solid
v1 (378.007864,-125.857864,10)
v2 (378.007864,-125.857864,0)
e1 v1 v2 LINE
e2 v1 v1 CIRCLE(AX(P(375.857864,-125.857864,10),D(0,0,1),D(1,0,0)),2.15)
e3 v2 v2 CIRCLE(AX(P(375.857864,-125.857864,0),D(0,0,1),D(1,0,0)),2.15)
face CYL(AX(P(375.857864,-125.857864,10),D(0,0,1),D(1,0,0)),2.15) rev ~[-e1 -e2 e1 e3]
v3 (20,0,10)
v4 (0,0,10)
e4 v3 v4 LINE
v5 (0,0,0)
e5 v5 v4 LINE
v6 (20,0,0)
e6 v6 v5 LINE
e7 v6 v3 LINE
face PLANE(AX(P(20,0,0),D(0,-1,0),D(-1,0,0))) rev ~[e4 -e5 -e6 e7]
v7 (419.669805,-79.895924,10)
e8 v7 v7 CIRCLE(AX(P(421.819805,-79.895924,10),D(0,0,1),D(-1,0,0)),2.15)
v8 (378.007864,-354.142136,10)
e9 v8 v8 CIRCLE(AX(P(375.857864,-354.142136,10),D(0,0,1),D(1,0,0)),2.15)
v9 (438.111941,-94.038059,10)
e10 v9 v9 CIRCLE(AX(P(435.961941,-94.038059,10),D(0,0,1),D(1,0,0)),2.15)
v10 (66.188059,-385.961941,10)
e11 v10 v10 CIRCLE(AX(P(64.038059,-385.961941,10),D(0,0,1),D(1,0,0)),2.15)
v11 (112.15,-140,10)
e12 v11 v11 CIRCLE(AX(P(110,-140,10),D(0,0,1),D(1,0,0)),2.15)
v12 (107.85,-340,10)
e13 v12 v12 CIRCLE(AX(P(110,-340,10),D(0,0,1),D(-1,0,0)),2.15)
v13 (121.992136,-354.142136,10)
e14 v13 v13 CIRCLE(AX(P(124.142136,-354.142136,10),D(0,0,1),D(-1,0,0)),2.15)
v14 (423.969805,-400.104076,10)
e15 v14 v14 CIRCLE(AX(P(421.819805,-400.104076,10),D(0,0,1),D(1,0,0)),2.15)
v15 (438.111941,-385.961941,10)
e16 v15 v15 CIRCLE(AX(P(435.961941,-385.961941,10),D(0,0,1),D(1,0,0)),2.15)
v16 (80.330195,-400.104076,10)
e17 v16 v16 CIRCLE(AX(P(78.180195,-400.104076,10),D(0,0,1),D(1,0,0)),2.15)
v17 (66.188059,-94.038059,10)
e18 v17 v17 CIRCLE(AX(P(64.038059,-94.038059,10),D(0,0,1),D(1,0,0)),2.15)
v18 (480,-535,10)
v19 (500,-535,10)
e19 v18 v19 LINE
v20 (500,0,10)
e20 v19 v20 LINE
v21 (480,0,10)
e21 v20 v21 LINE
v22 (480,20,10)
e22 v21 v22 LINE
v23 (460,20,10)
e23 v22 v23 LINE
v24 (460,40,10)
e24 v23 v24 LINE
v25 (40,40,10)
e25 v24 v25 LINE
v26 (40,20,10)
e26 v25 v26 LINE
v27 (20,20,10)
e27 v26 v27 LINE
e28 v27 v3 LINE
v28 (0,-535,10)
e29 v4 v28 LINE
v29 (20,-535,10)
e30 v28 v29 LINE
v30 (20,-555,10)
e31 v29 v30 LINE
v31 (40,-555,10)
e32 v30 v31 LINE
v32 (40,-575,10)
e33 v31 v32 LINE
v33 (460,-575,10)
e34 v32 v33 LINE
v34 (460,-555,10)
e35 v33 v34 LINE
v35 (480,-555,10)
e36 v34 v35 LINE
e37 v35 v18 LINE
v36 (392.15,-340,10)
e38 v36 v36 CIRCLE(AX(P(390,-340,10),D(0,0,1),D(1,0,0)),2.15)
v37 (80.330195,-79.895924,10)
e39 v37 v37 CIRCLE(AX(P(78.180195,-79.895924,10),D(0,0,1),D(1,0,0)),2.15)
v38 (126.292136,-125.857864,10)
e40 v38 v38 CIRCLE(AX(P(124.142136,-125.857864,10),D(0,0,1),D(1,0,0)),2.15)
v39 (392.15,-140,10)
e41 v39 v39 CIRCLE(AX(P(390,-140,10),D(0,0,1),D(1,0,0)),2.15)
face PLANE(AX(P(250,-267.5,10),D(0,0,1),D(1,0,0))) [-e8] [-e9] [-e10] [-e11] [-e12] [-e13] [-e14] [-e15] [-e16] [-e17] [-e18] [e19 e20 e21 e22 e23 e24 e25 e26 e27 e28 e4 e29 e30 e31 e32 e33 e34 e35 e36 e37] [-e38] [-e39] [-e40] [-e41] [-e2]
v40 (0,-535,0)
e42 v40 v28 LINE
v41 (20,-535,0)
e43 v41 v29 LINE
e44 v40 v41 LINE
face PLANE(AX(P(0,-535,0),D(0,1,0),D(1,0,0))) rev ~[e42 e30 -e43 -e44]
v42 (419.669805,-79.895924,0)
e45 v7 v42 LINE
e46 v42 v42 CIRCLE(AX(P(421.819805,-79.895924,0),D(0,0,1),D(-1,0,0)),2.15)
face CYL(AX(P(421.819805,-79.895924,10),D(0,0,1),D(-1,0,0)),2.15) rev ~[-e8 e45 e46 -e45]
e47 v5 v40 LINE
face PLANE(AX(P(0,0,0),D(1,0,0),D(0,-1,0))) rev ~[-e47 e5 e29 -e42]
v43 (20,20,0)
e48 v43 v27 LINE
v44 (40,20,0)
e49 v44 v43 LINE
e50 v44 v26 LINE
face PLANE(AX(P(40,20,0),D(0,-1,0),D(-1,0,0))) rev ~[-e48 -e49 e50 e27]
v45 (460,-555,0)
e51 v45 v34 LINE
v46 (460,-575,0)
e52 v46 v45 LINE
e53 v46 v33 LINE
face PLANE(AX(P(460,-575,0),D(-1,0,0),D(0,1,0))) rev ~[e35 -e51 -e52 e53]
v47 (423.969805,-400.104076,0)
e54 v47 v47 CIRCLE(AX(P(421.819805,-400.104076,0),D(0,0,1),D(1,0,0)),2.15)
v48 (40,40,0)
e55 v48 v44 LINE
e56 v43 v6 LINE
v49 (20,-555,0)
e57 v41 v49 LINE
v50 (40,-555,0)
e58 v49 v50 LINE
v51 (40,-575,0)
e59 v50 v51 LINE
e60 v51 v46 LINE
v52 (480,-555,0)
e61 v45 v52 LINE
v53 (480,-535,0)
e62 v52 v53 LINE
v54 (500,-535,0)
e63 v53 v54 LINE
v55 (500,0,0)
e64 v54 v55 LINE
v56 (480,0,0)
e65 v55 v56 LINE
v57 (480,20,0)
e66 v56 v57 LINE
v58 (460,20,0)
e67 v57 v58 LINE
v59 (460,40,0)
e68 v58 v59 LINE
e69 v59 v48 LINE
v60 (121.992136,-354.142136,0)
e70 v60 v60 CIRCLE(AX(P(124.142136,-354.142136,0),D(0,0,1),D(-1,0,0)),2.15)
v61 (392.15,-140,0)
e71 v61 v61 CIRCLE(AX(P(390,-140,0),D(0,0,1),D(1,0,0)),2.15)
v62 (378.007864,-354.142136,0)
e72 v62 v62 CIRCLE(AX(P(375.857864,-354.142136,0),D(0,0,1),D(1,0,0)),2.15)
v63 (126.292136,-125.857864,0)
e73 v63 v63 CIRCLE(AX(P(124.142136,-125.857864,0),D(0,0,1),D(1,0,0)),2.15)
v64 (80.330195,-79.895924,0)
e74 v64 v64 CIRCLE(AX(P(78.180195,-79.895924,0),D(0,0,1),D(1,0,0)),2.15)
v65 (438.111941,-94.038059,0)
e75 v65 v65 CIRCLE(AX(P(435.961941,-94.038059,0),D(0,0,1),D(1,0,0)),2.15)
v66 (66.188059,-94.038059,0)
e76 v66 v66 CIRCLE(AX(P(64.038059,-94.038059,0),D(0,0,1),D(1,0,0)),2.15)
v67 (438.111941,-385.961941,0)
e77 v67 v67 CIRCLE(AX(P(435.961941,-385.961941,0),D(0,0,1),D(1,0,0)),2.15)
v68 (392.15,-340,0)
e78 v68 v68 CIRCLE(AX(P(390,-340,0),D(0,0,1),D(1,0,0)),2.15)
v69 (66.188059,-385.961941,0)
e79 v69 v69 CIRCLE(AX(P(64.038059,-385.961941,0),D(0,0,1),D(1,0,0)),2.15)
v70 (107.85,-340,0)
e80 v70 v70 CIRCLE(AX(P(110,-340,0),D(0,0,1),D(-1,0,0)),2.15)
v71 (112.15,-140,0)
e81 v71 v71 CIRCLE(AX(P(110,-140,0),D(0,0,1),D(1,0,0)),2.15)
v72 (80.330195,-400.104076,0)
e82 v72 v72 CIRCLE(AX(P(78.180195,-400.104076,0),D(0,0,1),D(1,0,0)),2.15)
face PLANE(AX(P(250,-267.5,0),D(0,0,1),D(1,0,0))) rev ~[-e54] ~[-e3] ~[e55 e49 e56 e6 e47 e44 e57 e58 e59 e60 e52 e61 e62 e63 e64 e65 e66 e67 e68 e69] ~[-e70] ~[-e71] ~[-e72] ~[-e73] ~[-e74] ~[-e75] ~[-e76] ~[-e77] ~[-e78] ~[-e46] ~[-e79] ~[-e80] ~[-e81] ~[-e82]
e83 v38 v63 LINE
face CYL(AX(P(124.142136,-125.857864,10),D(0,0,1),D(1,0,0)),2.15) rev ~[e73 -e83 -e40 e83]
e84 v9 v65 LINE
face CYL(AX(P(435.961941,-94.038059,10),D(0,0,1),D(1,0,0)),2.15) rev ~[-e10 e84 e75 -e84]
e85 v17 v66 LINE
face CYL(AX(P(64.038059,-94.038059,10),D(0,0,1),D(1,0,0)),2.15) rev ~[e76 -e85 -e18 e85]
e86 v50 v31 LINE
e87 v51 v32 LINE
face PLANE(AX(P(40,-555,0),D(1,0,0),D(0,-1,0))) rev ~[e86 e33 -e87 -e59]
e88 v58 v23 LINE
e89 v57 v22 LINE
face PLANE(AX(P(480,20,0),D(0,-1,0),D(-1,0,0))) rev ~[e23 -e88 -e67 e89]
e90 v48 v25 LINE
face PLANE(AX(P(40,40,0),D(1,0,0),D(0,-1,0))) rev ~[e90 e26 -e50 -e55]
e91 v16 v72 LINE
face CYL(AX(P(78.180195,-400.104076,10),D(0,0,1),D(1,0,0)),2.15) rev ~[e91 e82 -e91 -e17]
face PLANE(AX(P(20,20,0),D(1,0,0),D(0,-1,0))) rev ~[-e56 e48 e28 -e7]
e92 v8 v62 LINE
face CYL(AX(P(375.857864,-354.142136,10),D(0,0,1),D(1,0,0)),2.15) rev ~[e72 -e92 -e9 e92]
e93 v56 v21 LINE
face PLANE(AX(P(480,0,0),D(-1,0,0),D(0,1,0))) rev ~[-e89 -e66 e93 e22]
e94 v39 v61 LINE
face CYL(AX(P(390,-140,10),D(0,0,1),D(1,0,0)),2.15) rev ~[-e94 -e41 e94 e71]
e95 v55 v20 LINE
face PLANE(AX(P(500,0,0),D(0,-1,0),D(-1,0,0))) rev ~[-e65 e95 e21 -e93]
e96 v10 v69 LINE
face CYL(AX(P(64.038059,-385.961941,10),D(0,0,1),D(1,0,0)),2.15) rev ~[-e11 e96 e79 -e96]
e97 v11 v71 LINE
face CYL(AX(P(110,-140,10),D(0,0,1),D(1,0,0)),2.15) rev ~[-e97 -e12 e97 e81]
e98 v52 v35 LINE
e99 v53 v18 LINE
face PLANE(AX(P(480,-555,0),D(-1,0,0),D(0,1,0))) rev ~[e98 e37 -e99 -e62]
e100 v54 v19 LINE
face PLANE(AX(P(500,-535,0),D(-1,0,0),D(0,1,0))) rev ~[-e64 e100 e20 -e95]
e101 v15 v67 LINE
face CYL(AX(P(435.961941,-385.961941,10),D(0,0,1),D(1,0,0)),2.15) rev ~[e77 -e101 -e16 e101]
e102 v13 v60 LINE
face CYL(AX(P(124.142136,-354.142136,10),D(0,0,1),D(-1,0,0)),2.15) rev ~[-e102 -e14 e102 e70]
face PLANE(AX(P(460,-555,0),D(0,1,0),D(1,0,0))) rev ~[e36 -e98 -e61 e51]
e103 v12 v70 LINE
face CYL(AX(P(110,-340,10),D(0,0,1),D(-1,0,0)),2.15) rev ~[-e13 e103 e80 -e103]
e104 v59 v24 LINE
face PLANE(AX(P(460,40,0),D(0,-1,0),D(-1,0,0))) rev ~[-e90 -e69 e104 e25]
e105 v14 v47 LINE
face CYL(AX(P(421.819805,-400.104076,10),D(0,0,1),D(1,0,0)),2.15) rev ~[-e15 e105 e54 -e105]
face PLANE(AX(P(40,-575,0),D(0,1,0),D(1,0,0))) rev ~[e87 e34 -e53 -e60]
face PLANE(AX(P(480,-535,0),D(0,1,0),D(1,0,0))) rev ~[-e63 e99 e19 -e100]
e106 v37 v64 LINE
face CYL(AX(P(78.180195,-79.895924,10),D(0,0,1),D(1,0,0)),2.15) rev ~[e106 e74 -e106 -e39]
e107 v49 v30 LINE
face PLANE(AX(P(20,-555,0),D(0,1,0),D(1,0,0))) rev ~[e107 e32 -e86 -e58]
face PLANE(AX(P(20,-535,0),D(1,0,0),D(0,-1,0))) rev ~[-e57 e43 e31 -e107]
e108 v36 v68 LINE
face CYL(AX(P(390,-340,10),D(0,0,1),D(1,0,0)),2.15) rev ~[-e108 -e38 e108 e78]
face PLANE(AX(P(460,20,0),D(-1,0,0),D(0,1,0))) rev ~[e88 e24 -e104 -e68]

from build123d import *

# Parameters (mm, degrees)
EXTRUDE_1_DEPTH     = 10
SKETCH_2_R          = 2.15
CUT_EXTRUDE_1_DEPTH = 10


with BuildPart() as part:
    # 草图1 → 凸台-拉伸1 (new body)
    with BuildSketch(Plane.XY):
        Polygon((0, 0), (0, -535), (20, -535), (20, -555), (40, -555), (40, -575), (460, -575), (460, -555), (480, -555), (480, -535), (500, -535), (500, 0), (480, 0), (480, 20), (460, 20), (460, 40), (40, 40), (40, 20), (20, 20), (20, 0), align=None)
    extrude(amount=EXTRUDE_1_DEPTH)

    # 草图2 → 切除-拉伸1 (cut)
    with BuildSketch(Plane.XY.offset(10)):
        with Locations((64.038059223, -94.038059223)):
            Circle(SKETCH_2_R)
        with Locations((78.180194847, -79.895923599)):
            Circle(SKETCH_2_R)
        with Locations((110, -140)):
            Circle(SKETCH_2_R)
        with Locations((124.142135624, -125.857864376)):
            Circle(SKETCH_2_R)
        with Locations((390, -140)):
            Circle(SKETCH_2_R)
        with Locations((375.857864376, -125.857864376)):
            Circle(SKETCH_2_R)
        with Locations((435.961940777, -94.038059223)):
            Circle(SKETCH_2_R)
        with Locations(Location((421.819805153, -79.895923599, 0), (0, 0, 180))):
            Circle(SKETCH_2_R)
        with Locations((421.819805153, -400.104076401)):
            Circle(SKETCH_2_R)
        with Locations((435.961940777, -385.961940777)):
            Circle(SKETCH_2_R)
        with Locations((375.857864376, -354.142135624)):
            Circle(SKETCH_2_R)
        with Locations((390, -340)):
            Circle(SKETCH_2_R)
        with Locations(Location((124.142135624, -354.142135624, 0), (0, 0, 180))):
            Circle(SKETCH_2_R)
        with Locations(Location((110, -340, 0), (0, 0, 180))):
            Circle(SKETCH_2_R)
        with Locations((78.180194847, -400.104076401)):
            Circle(SKETCH_2_R)
        with Locations((64.038059223, -385.961940777)):
            Circle(SKETCH_2_R)
    extrude(amount=-CUT_EXTRUDE_1_DEPTH, mode=Mode.SUBTRACT)


solid = part.part
